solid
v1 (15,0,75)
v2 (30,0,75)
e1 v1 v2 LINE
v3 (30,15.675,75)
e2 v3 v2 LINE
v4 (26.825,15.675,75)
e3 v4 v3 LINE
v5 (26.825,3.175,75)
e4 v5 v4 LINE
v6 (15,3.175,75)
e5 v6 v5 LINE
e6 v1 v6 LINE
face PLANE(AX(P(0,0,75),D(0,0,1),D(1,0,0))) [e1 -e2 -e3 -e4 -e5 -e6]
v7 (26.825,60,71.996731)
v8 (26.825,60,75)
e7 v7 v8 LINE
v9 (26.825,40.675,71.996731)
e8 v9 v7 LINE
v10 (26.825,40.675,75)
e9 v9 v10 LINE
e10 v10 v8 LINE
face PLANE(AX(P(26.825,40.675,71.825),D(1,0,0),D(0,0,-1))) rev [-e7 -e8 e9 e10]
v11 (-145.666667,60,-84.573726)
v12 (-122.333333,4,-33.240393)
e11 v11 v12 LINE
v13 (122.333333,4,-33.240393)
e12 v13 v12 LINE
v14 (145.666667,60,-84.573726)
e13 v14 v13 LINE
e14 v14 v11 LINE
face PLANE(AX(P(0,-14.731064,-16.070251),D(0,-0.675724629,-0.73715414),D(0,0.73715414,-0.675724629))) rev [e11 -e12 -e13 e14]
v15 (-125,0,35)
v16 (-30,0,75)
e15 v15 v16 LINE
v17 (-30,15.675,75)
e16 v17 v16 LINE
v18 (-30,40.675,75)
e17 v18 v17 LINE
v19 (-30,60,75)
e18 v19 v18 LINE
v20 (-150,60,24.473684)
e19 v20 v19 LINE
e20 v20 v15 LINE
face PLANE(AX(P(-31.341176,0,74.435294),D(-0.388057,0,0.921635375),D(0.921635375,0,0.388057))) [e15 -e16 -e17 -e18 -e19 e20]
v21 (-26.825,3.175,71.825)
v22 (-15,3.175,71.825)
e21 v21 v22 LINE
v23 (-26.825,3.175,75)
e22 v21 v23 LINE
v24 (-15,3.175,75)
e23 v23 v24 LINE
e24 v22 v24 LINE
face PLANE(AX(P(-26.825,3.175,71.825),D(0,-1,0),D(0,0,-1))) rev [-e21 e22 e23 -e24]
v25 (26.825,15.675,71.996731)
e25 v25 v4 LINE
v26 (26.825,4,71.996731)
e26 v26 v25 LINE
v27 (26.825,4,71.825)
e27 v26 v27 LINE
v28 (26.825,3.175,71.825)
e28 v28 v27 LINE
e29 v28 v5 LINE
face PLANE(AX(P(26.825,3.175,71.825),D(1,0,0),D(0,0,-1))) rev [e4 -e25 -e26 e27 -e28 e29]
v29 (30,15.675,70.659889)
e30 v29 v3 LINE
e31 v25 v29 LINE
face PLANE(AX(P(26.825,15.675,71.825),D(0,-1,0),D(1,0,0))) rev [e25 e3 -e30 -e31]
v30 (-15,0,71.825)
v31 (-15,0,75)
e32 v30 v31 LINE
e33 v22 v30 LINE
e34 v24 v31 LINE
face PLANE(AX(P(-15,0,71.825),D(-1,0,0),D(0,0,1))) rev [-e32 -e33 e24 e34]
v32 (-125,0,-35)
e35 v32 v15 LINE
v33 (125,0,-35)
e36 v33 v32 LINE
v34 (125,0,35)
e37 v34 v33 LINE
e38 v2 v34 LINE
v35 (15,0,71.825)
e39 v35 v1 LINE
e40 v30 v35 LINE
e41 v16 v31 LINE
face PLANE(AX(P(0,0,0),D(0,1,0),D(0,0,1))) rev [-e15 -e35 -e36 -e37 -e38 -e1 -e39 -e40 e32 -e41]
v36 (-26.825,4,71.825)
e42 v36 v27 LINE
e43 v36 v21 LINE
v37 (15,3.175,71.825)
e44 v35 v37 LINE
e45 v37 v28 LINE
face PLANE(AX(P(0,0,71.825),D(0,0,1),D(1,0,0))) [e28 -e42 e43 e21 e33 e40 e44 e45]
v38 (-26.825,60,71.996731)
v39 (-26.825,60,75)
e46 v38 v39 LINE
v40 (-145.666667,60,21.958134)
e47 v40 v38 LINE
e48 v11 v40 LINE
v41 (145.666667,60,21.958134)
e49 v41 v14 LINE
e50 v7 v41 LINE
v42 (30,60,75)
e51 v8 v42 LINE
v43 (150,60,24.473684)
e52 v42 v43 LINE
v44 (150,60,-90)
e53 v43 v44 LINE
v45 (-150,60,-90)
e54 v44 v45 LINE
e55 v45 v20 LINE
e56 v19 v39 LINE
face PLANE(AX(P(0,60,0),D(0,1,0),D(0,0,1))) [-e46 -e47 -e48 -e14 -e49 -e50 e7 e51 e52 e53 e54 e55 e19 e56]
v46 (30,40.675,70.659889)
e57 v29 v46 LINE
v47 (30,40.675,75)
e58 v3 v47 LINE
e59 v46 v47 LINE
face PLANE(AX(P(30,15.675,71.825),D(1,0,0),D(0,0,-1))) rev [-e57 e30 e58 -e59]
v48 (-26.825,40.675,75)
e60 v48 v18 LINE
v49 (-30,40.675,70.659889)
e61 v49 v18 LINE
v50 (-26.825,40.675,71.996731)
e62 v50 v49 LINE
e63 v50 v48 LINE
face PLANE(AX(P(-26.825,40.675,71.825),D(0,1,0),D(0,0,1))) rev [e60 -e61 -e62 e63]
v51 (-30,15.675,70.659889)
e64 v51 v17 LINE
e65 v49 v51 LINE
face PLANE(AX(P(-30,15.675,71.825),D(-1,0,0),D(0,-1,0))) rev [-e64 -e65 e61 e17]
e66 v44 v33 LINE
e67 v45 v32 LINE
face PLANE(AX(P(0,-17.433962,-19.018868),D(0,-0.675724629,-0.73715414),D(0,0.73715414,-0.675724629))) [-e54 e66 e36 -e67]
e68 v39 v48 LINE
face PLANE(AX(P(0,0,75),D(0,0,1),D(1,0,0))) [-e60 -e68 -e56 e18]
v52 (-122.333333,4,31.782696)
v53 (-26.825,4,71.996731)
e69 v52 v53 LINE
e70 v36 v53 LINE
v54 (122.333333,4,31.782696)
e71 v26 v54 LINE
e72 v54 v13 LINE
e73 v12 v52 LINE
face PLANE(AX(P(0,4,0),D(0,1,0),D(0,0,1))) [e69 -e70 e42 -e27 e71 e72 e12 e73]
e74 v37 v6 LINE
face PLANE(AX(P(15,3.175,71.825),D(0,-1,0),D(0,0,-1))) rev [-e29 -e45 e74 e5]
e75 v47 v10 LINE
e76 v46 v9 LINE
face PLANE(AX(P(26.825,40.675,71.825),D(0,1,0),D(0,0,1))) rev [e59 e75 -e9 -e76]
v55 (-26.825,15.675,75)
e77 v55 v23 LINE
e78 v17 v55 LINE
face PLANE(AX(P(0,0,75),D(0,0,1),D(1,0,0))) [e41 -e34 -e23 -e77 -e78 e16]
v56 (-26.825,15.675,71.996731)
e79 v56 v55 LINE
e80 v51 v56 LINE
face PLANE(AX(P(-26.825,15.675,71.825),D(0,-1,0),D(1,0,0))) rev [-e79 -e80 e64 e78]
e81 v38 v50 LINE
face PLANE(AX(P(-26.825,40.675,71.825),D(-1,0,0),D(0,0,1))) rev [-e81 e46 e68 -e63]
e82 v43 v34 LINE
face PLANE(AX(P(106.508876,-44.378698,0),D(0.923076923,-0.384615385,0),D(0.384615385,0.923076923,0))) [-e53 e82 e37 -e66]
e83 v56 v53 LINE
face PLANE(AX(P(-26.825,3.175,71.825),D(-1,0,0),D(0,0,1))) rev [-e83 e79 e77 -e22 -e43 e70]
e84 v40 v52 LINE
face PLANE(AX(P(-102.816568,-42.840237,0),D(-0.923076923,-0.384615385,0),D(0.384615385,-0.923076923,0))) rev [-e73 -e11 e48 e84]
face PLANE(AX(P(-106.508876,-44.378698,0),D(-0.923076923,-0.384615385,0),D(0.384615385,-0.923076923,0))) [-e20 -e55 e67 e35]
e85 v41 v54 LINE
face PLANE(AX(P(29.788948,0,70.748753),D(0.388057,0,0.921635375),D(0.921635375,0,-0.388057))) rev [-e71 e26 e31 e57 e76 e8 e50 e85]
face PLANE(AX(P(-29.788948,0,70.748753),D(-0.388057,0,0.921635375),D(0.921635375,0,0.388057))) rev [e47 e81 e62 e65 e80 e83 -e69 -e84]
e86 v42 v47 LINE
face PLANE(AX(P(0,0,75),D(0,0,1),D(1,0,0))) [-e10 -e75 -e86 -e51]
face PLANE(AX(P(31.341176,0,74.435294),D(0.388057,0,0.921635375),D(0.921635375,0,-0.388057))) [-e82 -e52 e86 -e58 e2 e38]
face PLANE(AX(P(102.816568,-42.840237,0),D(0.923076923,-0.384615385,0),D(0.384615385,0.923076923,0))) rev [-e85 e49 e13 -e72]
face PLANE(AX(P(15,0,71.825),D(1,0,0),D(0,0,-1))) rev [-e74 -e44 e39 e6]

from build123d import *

# Parameters (mm, degrees)
SHELL2_T           = -4
CUT_EXTRUDE1_DEPTH = 3.175
SKETCH6_W          = 2.767139064
SKETCH6_H          = 25
CUT_EXTRUDE2_DEPTH = 10


with BuildPart() as part:
    # Sketch2 → Loft2 section 0
    with BuildSketch(Plane(origin=(0, 60, 0), x_dir=(1, 0, 0), z_dir=(0, 1, 0))):
        with BuildLine():
            Line((-150, -24.473684211), (-150, 90))
            Line((-150, 90), (150, 90))
            Line((150, 90), (150, -24.473684211))
            Line((150, -24.473684211), (30, -75))
            Line((30, -75), (-30, -75))
            Line((-30, -75), (-150, -24.473684211))
        make_face()
    # Sketch1 → Loft2 section 1
    with BuildSketch(Plane(origin=(0, 0, 0), x_dir=(1, 0, 0), z_dir=(0, 1, 0))):
        with BuildLine():
            Line((125, -35), (125, 35))
            Line((125, 35), (-125, 35))
            Line((-125, 35), (-125, -35))
            Line((-125, -35), (-30, -75))
            Line((-30, -75), (30, -75))
            Line((30, -75), (125, -35))
        make_face()
    loft()

    # Shell2
    shell2_openings = [part.faces().sort_by_distance(p)[0] for p in [
        (0, 60, -16.664896975),
        (0, 30, 75),
    ]]
    offset(amount=SHELL2_T, openings=shell2_openings, kind=Kind.INTERSECTION)

    # Sketch5 → Cut-Extrude1 (cut)
    with BuildSketch(Plane.XY.offset(75)):
        Polygon((-26.825, 3.175), (-15, 3.175), (-15, 0), (15, 0), (15, 3.175), (26.825, 3.175), (26.825, 15.675), (30, 15.675), (30, 40.675), (26.825, 40.675), (26.825, 60), (-26.825, 60), (-26.825, 40.675), (-30, 40.675), (-30, 15.675), (-26.825, 15.675), align=None)
    extrude(amount=-CUT_EXTRUDE1_DEPTH, mode=Mode.SUBTRACT)

    # Sketch6 → Cut-Extrude2 (cut)
    with BuildSketch(Plane.XY.offset(71.825)):
        with Locations((-28.616430468, 28.175)):
            Rectangle(SKETCH6_W, SKETCH6_H)
        with Locations((28.616430468, 28.175)):
            Rectangle(SKETCH6_W, SKETCH6_H)
    extrude(amount=-CUT_EXTRUDE2_DEPTH, mode=Mode.SUBTRACT)


solid = part.part
